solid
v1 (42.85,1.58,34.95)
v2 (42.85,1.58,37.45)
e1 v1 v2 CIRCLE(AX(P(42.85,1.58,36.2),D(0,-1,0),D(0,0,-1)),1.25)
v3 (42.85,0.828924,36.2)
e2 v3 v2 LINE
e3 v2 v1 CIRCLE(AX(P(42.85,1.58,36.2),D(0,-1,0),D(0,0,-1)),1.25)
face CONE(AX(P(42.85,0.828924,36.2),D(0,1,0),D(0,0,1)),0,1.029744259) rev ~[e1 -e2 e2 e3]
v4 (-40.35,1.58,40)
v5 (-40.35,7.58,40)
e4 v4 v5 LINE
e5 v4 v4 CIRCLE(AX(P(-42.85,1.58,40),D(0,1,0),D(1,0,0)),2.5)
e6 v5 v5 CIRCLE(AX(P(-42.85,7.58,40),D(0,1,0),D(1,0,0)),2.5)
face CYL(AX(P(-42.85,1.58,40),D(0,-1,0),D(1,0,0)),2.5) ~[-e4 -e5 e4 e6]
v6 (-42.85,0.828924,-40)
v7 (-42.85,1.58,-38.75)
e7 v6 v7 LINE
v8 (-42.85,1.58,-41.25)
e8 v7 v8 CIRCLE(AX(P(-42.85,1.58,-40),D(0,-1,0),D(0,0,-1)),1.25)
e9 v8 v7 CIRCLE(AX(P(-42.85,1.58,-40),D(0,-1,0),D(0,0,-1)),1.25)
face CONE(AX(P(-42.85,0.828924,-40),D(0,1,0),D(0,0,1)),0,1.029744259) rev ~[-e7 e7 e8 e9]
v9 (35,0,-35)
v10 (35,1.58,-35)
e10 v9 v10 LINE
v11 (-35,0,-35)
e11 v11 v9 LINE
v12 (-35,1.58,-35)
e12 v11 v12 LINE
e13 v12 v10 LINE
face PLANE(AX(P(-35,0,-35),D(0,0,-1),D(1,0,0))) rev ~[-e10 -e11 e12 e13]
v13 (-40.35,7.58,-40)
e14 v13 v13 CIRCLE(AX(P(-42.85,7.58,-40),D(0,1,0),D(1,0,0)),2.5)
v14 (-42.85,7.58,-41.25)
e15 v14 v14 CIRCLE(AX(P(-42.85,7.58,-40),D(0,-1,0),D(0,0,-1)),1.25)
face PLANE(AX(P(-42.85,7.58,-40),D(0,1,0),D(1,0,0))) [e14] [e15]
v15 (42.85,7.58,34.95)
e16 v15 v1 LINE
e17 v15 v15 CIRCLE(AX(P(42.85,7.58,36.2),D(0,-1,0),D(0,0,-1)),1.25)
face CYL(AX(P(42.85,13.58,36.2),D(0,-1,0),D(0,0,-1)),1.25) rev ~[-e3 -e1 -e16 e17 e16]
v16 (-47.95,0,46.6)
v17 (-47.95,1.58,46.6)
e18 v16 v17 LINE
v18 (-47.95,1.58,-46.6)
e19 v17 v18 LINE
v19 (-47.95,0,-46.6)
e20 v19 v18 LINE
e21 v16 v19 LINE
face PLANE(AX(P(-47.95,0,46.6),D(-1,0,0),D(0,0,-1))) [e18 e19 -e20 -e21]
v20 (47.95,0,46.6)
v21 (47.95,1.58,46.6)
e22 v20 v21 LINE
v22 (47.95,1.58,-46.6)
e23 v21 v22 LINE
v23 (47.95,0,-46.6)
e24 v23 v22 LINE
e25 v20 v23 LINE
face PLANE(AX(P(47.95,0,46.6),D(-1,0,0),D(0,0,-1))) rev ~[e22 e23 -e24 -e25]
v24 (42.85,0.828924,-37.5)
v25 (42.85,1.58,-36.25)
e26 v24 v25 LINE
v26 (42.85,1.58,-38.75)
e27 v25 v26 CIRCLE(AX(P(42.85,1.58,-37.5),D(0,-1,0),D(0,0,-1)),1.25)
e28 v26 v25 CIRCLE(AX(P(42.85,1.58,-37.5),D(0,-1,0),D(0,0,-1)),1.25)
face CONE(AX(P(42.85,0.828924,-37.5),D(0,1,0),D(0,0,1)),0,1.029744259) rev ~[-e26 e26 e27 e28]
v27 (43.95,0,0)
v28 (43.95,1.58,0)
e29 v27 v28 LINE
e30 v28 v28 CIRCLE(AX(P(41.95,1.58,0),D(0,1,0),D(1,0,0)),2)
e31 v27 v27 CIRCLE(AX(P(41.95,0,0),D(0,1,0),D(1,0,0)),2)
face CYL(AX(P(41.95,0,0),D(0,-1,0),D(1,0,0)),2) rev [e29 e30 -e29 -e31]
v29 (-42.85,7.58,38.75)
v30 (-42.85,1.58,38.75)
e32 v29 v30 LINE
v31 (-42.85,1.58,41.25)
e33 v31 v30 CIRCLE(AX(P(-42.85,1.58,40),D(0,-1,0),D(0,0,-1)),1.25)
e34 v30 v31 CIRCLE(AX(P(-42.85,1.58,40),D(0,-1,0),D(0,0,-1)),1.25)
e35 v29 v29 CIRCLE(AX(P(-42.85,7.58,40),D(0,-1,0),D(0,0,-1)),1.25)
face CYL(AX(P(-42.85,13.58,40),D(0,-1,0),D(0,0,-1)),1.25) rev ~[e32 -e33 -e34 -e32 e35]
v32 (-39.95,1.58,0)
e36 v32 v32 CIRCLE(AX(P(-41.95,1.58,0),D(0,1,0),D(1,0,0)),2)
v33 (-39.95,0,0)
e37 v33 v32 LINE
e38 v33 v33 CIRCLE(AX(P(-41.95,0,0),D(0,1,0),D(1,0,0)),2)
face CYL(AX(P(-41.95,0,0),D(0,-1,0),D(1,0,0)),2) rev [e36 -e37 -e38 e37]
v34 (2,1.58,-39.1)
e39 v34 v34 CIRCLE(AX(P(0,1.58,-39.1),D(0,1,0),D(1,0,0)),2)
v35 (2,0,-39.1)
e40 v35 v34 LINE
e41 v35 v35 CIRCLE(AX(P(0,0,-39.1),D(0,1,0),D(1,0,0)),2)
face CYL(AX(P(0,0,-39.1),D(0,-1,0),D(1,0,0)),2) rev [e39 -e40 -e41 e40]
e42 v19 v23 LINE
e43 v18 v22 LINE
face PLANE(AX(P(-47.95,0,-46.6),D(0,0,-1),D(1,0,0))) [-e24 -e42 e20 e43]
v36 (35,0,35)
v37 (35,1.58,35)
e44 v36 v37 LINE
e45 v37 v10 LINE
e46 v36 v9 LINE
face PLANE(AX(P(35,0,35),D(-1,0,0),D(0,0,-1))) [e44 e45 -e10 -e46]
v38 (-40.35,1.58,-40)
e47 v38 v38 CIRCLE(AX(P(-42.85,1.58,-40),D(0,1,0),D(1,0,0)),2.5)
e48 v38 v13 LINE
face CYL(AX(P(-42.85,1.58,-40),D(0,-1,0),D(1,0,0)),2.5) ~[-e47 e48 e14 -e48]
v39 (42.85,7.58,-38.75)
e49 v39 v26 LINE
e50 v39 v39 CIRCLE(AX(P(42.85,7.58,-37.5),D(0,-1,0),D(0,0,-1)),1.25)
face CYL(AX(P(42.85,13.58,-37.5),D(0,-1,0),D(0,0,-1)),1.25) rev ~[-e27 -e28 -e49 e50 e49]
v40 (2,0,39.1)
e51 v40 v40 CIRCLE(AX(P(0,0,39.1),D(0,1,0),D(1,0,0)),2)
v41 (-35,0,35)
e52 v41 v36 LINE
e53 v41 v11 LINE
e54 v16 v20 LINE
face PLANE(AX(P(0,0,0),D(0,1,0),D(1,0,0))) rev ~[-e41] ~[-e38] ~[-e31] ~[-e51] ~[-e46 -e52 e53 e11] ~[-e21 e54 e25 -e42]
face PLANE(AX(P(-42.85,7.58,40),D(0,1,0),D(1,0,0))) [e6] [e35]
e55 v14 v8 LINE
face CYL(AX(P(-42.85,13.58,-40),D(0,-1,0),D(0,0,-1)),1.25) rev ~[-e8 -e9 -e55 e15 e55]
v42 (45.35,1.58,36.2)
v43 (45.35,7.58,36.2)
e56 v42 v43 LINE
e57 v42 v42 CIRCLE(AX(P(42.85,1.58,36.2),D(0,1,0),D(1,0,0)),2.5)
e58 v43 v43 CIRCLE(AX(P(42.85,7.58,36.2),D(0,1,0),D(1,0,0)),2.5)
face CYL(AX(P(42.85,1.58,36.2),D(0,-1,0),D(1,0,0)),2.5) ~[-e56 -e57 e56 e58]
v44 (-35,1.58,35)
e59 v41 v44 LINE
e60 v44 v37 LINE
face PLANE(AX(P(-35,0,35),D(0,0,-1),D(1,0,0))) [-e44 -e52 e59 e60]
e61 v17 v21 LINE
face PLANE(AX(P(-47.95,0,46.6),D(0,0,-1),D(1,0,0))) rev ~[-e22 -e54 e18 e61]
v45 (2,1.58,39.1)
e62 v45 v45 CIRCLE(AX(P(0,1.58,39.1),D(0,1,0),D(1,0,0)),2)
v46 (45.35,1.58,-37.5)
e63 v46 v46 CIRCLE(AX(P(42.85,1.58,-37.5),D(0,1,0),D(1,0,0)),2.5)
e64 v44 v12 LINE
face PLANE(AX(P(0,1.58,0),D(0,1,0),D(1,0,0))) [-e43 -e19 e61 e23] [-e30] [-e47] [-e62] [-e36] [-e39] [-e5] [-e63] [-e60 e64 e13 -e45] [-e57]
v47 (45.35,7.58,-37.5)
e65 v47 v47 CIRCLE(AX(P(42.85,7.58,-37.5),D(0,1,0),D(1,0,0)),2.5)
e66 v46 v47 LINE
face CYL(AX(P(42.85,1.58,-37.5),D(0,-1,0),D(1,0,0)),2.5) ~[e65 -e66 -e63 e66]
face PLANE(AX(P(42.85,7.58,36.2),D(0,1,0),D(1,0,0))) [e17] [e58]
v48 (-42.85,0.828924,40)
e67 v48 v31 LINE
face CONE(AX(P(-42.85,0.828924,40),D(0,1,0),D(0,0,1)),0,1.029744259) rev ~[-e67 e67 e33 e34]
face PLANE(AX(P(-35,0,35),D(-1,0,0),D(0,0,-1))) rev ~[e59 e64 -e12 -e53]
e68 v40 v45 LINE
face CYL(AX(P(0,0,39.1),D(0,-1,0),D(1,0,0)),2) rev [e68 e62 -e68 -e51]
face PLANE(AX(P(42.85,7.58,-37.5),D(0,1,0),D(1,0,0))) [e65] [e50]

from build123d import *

# Parameters (mm, degrees)
SKETCH2_W                 = 95.9
SKETCH2_H                 = 93.2
SKETCH2_R                 = 2
SKETCH2_W_2               = 70
SKETCH2_H_2               = 70
BOSS_EXTRUDE1_DEPTH       = 1.58
SKETCH3_R                 = 2.5
BOSS_EXTRUDE2_DEPTH       = 6
M3X0_5_TAPPED_HOLE1_D     = 2.5
M3X0_5_TAPPED_HOLE1_DEPTH = 6
M3X0_5_TAPPED_HOLE1_TIP   = 0.751075774


with BuildPart() as part:
    # Sketch2 → Boss-Extrude1 (new body)
    with BuildSketch(Plane(origin=(0, 0, 0), x_dir=(1, 0, 0), z_dir=(0, 1, 0))):
        Rectangle(SKETCH2_W, SKETCH2_H)
        with Locations((0, 39.1)):
            Circle(SKETCH2_R, mode=Mode.SUBTRACT)
        with Locations((41.95, 0)):
            Circle(SKETCH2_R, mode=Mode.SUBTRACT)
        with Locations((-41.95, 0)):
            Circle(SKETCH2_R, mode=Mode.SUBTRACT)
        with Locations((0, -39.1)):
            Circle(SKETCH2_R, mode=Mode.SUBTRACT)
        Rectangle(SKETCH2_W_2, SKETCH2_H_2, mode=Mode.SUBTRACT)
    extrude(amount=BOSS_EXTRUDE1_DEPTH)

    # Sketch3 → Boss-Extrude2 (add)
    with BuildSketch(Plane(origin=(0, 1.58, 0), x_dir=(1, 0, 0), z_dir=(0, 1, 0))):
        with Locations((-42.85, 40)):
            Circle(SKETCH3_R)
        with Locations((42.85, 37.5)):
            Circle(SKETCH3_R)
        with Locations((-42.85, -40)):
            Circle(SKETCH3_R)
        with Locations((42.85, -36.2)):
            Circle(SKETCH3_R)
    extrude(amount=BOSS_EXTRUDE2_DEPTH)

    # M3x0.5 Tapped Hole1
    with Locations(Plane(origin=(-42.85, 7.58, -40), x_dir=(0, 0, 1), z_dir=(0, 1, 0))):
        with Locations((0, 0), (80, 0), (76.2, 85.7), (2.5, 85.7)):
            Hole(M3X0_5_TAPPED_HOLE1_D / 2, depth=M3X0_5_TAPPED_HOLE1_DEPTH)
            with Locations((0, 0, -(M3X0_5_TAPPED_HOLE1_DEPTH + M3X0_5_TAPPED_HOLE1_TIP / 2))):  # 118° drill point
                Cone(0, M3X0_5_TAPPED_HOLE1_D / 2, M3X0_5_TAPPED_HOLE1_TIP, mode=Mode.SUBTRACT)


solid = part.part
